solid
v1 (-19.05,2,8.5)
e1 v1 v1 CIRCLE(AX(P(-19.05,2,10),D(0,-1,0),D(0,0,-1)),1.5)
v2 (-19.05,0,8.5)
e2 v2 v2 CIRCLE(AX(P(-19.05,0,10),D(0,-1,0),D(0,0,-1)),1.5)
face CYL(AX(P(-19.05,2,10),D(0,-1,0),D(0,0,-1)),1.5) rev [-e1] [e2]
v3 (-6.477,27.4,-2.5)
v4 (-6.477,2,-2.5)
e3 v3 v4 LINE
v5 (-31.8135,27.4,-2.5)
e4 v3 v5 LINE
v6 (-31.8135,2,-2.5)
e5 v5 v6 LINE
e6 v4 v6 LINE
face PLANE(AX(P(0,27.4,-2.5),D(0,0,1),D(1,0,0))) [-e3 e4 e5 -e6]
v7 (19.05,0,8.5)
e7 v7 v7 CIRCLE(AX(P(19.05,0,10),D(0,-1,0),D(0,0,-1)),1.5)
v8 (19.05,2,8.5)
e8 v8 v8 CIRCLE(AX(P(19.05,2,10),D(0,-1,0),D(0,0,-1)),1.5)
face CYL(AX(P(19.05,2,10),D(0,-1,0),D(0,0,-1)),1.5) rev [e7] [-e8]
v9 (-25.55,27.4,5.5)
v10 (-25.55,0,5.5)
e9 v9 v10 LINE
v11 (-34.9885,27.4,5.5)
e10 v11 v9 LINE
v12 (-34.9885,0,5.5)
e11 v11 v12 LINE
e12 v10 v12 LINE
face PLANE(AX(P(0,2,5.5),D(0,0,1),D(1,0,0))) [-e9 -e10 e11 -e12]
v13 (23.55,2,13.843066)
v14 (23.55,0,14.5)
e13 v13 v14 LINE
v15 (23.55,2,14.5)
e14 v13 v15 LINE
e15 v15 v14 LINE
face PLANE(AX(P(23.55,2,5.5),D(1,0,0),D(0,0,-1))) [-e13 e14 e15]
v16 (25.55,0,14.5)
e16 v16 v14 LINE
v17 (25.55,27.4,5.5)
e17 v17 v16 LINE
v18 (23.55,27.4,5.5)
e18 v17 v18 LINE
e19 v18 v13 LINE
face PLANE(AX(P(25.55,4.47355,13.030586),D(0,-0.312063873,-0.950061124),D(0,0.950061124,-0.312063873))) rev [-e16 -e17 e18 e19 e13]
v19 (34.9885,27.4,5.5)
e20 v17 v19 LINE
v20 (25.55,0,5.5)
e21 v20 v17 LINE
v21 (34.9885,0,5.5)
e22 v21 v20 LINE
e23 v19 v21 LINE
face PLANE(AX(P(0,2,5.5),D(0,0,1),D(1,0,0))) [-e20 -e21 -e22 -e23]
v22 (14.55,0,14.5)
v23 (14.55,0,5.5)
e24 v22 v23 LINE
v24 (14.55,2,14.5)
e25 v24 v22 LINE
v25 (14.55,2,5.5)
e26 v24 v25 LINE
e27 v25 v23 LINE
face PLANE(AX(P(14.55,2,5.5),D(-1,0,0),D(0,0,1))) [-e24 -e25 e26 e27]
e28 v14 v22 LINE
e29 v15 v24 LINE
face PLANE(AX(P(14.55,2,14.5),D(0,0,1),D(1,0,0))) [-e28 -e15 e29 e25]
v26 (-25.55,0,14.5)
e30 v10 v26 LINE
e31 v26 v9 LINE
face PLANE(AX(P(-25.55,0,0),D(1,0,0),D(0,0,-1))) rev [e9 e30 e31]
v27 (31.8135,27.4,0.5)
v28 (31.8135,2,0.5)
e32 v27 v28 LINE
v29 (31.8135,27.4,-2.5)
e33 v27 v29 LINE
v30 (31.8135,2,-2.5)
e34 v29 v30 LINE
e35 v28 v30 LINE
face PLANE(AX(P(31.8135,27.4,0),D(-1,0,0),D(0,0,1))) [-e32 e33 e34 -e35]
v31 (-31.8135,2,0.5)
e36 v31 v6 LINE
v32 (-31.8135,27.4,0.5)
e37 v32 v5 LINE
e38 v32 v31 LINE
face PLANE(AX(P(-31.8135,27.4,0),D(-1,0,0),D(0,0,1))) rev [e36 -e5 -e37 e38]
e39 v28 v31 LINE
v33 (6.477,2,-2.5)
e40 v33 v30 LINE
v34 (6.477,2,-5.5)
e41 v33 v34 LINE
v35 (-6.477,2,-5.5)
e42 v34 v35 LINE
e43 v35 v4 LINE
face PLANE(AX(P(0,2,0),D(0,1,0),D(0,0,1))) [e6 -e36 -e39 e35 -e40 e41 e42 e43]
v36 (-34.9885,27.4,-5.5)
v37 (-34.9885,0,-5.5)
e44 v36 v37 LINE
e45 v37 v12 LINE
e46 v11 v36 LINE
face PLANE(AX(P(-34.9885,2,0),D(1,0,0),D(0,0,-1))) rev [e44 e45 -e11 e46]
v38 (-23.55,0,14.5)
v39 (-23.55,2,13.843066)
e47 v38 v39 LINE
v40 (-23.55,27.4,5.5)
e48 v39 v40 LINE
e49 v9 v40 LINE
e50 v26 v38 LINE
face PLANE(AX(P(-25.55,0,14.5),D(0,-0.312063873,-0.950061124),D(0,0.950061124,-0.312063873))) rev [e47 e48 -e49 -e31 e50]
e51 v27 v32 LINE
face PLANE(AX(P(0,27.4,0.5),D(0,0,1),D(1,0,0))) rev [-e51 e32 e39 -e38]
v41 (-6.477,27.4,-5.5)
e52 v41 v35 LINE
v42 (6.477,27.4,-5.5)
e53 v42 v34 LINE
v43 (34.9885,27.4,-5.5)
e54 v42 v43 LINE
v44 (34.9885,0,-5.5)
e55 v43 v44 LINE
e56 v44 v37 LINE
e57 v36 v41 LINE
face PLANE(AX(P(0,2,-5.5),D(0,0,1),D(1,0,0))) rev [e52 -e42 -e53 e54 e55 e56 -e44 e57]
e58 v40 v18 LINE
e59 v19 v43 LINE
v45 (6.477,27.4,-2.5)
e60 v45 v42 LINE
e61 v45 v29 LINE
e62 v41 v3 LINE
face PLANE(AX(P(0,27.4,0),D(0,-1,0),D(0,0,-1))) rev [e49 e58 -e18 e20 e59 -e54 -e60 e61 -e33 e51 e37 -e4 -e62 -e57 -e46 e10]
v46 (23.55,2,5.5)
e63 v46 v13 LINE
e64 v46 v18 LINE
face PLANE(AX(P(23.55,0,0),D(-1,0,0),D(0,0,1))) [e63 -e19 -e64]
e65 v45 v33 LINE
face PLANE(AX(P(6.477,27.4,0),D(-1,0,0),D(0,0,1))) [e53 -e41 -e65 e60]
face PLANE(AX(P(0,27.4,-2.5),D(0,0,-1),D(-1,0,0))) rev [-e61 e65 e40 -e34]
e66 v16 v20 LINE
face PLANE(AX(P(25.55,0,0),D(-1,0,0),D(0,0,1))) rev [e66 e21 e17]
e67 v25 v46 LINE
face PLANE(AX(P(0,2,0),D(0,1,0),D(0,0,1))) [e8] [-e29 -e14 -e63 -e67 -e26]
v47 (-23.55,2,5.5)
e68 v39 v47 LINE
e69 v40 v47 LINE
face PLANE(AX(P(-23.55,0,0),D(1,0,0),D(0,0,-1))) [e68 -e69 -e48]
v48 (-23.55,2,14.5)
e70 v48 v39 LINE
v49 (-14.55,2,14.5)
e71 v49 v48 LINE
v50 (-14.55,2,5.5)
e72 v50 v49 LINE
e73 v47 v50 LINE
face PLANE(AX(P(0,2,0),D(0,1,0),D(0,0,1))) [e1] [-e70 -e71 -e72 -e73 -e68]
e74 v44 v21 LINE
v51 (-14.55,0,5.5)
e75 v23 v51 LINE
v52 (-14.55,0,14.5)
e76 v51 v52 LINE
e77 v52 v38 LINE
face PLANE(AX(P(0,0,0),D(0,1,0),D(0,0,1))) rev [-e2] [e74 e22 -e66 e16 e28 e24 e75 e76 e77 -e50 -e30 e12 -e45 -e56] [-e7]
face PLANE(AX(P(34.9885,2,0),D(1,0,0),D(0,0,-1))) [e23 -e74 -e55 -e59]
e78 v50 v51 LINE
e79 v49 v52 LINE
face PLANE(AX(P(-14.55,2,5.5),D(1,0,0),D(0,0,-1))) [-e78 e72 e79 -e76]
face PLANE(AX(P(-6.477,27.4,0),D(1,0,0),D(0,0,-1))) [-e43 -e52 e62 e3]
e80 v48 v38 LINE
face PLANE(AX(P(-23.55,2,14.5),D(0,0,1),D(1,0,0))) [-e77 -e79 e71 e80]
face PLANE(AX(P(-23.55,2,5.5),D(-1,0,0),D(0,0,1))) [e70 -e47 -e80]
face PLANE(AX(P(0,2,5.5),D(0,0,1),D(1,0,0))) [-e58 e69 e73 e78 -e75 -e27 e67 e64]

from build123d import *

# Parameters (mm, degrees)
SKETCH1_W           = 69.977
SKETCH1_H           = 11
BOSS_EXTRUDE1_DEPTH = 2
BOSS_EXTRUDE2_START = 2
SKETCH1_4_W         = 3.175
SKETCH1_4_H         = 3
BOSS_EXTRUDE2_DEPTH = 25.4
SKETCH3_W           = 9
SKETCH3_H           = 9
SKETCH3_R           = 1.5
BOSS_EXTRUDE3_DEPTH = 2
BOSS_EXTRUDE4_DEPTH = 2
BOSS_EXTRUDE5_START = -47.1
BOSS_EXTRUDE5_DEPTH = 2


with BuildPart() as part:
    # Sketch1 → Boss-Extrude1 (new body)
    with BuildSketch(Plane(origin=(0, 0, 0), x_dir=(1, 0, 0), z_dir=(0, 1, 0))):
        Rectangle(SKETCH1_W, SKETCH1_H)
    extrude(amount=BOSS_EXTRUDE1_DEPTH)

    # Sketch1<4> → Boss-Extrude2 (add)
    with BuildSketch(Plane(origin=(0, 0, 0), x_dir=(1, 0, 0), z_dir=(0, 1, 0)).offset(BOSS_EXTRUDE2_START)):
        Polygon((34.9885, -5.5), (34.9885, -0.5), (31.8135, -0.5), (-31.8135, -0.5), (-34.9885, -0.5), (-34.9885, -5.5), align=None)
        Polygon((-6.477, 2.5), (-6.477, 5.5), (-34.9885, 5.5), (-34.9885, 2.5), (-31.8135, 2.5), align=None)
        Polygon((34.9885, 2.5), (34.9885, 5.5), (6.477, 5.5), (6.477, 2.5), (31.8135, 2.5), align=None)
        with Locations((-33.401, 1)):
            Rectangle(SKETCH1_4_W, SKETCH1_4_H)
        with Locations((33.401, 1)):
            Rectangle(SKETCH1_4_W, SKETCH1_4_H)
    extrude(amount=BOSS_EXTRUDE2_DEPTH)

    # Sketch3 → Boss-Extrude3 (add)
    with BuildSketch(Plane.XZ):
        with Locations((-19.05, 10)):
            Rectangle(SKETCH3_W, SKETCH3_H)
        with Locations((-19.05, 10)):
            Circle(SKETCH3_R, mode=Mode.SUBTRACT)
        with Locations((19.05, 10)):
            Rectangle(SKETCH3_W, SKETCH3_H)
        with Locations((19.05, 10)):
            Circle(SKETCH3_R, mode=Mode.SUBTRACT)
    extrude(amount=-BOSS_EXTRUDE3_DEPTH)

    # Sketch4 → Boss-Extrude4 (add)
    with BuildSketch(Plane.ZY.offset(23.55)):
        Polygon((14.5, 0), (5.5, 27.4), (5.5, 0), align=None)
    extrude(amount=BOSS_EXTRUDE4_DEPTH)

    # Sketch4<2> → Boss-Extrude5 (add)
    with BuildSketch(Plane.ZY.offset(23.55).offset(BOSS_EXTRUDE5_START)):
        Polygon((14.5, 0), (5.5, 27.4), (5.5, 0), align=None)
    extrude(amount=-BOSS_EXTRUDE5_DEPTH)


solid = part.part
